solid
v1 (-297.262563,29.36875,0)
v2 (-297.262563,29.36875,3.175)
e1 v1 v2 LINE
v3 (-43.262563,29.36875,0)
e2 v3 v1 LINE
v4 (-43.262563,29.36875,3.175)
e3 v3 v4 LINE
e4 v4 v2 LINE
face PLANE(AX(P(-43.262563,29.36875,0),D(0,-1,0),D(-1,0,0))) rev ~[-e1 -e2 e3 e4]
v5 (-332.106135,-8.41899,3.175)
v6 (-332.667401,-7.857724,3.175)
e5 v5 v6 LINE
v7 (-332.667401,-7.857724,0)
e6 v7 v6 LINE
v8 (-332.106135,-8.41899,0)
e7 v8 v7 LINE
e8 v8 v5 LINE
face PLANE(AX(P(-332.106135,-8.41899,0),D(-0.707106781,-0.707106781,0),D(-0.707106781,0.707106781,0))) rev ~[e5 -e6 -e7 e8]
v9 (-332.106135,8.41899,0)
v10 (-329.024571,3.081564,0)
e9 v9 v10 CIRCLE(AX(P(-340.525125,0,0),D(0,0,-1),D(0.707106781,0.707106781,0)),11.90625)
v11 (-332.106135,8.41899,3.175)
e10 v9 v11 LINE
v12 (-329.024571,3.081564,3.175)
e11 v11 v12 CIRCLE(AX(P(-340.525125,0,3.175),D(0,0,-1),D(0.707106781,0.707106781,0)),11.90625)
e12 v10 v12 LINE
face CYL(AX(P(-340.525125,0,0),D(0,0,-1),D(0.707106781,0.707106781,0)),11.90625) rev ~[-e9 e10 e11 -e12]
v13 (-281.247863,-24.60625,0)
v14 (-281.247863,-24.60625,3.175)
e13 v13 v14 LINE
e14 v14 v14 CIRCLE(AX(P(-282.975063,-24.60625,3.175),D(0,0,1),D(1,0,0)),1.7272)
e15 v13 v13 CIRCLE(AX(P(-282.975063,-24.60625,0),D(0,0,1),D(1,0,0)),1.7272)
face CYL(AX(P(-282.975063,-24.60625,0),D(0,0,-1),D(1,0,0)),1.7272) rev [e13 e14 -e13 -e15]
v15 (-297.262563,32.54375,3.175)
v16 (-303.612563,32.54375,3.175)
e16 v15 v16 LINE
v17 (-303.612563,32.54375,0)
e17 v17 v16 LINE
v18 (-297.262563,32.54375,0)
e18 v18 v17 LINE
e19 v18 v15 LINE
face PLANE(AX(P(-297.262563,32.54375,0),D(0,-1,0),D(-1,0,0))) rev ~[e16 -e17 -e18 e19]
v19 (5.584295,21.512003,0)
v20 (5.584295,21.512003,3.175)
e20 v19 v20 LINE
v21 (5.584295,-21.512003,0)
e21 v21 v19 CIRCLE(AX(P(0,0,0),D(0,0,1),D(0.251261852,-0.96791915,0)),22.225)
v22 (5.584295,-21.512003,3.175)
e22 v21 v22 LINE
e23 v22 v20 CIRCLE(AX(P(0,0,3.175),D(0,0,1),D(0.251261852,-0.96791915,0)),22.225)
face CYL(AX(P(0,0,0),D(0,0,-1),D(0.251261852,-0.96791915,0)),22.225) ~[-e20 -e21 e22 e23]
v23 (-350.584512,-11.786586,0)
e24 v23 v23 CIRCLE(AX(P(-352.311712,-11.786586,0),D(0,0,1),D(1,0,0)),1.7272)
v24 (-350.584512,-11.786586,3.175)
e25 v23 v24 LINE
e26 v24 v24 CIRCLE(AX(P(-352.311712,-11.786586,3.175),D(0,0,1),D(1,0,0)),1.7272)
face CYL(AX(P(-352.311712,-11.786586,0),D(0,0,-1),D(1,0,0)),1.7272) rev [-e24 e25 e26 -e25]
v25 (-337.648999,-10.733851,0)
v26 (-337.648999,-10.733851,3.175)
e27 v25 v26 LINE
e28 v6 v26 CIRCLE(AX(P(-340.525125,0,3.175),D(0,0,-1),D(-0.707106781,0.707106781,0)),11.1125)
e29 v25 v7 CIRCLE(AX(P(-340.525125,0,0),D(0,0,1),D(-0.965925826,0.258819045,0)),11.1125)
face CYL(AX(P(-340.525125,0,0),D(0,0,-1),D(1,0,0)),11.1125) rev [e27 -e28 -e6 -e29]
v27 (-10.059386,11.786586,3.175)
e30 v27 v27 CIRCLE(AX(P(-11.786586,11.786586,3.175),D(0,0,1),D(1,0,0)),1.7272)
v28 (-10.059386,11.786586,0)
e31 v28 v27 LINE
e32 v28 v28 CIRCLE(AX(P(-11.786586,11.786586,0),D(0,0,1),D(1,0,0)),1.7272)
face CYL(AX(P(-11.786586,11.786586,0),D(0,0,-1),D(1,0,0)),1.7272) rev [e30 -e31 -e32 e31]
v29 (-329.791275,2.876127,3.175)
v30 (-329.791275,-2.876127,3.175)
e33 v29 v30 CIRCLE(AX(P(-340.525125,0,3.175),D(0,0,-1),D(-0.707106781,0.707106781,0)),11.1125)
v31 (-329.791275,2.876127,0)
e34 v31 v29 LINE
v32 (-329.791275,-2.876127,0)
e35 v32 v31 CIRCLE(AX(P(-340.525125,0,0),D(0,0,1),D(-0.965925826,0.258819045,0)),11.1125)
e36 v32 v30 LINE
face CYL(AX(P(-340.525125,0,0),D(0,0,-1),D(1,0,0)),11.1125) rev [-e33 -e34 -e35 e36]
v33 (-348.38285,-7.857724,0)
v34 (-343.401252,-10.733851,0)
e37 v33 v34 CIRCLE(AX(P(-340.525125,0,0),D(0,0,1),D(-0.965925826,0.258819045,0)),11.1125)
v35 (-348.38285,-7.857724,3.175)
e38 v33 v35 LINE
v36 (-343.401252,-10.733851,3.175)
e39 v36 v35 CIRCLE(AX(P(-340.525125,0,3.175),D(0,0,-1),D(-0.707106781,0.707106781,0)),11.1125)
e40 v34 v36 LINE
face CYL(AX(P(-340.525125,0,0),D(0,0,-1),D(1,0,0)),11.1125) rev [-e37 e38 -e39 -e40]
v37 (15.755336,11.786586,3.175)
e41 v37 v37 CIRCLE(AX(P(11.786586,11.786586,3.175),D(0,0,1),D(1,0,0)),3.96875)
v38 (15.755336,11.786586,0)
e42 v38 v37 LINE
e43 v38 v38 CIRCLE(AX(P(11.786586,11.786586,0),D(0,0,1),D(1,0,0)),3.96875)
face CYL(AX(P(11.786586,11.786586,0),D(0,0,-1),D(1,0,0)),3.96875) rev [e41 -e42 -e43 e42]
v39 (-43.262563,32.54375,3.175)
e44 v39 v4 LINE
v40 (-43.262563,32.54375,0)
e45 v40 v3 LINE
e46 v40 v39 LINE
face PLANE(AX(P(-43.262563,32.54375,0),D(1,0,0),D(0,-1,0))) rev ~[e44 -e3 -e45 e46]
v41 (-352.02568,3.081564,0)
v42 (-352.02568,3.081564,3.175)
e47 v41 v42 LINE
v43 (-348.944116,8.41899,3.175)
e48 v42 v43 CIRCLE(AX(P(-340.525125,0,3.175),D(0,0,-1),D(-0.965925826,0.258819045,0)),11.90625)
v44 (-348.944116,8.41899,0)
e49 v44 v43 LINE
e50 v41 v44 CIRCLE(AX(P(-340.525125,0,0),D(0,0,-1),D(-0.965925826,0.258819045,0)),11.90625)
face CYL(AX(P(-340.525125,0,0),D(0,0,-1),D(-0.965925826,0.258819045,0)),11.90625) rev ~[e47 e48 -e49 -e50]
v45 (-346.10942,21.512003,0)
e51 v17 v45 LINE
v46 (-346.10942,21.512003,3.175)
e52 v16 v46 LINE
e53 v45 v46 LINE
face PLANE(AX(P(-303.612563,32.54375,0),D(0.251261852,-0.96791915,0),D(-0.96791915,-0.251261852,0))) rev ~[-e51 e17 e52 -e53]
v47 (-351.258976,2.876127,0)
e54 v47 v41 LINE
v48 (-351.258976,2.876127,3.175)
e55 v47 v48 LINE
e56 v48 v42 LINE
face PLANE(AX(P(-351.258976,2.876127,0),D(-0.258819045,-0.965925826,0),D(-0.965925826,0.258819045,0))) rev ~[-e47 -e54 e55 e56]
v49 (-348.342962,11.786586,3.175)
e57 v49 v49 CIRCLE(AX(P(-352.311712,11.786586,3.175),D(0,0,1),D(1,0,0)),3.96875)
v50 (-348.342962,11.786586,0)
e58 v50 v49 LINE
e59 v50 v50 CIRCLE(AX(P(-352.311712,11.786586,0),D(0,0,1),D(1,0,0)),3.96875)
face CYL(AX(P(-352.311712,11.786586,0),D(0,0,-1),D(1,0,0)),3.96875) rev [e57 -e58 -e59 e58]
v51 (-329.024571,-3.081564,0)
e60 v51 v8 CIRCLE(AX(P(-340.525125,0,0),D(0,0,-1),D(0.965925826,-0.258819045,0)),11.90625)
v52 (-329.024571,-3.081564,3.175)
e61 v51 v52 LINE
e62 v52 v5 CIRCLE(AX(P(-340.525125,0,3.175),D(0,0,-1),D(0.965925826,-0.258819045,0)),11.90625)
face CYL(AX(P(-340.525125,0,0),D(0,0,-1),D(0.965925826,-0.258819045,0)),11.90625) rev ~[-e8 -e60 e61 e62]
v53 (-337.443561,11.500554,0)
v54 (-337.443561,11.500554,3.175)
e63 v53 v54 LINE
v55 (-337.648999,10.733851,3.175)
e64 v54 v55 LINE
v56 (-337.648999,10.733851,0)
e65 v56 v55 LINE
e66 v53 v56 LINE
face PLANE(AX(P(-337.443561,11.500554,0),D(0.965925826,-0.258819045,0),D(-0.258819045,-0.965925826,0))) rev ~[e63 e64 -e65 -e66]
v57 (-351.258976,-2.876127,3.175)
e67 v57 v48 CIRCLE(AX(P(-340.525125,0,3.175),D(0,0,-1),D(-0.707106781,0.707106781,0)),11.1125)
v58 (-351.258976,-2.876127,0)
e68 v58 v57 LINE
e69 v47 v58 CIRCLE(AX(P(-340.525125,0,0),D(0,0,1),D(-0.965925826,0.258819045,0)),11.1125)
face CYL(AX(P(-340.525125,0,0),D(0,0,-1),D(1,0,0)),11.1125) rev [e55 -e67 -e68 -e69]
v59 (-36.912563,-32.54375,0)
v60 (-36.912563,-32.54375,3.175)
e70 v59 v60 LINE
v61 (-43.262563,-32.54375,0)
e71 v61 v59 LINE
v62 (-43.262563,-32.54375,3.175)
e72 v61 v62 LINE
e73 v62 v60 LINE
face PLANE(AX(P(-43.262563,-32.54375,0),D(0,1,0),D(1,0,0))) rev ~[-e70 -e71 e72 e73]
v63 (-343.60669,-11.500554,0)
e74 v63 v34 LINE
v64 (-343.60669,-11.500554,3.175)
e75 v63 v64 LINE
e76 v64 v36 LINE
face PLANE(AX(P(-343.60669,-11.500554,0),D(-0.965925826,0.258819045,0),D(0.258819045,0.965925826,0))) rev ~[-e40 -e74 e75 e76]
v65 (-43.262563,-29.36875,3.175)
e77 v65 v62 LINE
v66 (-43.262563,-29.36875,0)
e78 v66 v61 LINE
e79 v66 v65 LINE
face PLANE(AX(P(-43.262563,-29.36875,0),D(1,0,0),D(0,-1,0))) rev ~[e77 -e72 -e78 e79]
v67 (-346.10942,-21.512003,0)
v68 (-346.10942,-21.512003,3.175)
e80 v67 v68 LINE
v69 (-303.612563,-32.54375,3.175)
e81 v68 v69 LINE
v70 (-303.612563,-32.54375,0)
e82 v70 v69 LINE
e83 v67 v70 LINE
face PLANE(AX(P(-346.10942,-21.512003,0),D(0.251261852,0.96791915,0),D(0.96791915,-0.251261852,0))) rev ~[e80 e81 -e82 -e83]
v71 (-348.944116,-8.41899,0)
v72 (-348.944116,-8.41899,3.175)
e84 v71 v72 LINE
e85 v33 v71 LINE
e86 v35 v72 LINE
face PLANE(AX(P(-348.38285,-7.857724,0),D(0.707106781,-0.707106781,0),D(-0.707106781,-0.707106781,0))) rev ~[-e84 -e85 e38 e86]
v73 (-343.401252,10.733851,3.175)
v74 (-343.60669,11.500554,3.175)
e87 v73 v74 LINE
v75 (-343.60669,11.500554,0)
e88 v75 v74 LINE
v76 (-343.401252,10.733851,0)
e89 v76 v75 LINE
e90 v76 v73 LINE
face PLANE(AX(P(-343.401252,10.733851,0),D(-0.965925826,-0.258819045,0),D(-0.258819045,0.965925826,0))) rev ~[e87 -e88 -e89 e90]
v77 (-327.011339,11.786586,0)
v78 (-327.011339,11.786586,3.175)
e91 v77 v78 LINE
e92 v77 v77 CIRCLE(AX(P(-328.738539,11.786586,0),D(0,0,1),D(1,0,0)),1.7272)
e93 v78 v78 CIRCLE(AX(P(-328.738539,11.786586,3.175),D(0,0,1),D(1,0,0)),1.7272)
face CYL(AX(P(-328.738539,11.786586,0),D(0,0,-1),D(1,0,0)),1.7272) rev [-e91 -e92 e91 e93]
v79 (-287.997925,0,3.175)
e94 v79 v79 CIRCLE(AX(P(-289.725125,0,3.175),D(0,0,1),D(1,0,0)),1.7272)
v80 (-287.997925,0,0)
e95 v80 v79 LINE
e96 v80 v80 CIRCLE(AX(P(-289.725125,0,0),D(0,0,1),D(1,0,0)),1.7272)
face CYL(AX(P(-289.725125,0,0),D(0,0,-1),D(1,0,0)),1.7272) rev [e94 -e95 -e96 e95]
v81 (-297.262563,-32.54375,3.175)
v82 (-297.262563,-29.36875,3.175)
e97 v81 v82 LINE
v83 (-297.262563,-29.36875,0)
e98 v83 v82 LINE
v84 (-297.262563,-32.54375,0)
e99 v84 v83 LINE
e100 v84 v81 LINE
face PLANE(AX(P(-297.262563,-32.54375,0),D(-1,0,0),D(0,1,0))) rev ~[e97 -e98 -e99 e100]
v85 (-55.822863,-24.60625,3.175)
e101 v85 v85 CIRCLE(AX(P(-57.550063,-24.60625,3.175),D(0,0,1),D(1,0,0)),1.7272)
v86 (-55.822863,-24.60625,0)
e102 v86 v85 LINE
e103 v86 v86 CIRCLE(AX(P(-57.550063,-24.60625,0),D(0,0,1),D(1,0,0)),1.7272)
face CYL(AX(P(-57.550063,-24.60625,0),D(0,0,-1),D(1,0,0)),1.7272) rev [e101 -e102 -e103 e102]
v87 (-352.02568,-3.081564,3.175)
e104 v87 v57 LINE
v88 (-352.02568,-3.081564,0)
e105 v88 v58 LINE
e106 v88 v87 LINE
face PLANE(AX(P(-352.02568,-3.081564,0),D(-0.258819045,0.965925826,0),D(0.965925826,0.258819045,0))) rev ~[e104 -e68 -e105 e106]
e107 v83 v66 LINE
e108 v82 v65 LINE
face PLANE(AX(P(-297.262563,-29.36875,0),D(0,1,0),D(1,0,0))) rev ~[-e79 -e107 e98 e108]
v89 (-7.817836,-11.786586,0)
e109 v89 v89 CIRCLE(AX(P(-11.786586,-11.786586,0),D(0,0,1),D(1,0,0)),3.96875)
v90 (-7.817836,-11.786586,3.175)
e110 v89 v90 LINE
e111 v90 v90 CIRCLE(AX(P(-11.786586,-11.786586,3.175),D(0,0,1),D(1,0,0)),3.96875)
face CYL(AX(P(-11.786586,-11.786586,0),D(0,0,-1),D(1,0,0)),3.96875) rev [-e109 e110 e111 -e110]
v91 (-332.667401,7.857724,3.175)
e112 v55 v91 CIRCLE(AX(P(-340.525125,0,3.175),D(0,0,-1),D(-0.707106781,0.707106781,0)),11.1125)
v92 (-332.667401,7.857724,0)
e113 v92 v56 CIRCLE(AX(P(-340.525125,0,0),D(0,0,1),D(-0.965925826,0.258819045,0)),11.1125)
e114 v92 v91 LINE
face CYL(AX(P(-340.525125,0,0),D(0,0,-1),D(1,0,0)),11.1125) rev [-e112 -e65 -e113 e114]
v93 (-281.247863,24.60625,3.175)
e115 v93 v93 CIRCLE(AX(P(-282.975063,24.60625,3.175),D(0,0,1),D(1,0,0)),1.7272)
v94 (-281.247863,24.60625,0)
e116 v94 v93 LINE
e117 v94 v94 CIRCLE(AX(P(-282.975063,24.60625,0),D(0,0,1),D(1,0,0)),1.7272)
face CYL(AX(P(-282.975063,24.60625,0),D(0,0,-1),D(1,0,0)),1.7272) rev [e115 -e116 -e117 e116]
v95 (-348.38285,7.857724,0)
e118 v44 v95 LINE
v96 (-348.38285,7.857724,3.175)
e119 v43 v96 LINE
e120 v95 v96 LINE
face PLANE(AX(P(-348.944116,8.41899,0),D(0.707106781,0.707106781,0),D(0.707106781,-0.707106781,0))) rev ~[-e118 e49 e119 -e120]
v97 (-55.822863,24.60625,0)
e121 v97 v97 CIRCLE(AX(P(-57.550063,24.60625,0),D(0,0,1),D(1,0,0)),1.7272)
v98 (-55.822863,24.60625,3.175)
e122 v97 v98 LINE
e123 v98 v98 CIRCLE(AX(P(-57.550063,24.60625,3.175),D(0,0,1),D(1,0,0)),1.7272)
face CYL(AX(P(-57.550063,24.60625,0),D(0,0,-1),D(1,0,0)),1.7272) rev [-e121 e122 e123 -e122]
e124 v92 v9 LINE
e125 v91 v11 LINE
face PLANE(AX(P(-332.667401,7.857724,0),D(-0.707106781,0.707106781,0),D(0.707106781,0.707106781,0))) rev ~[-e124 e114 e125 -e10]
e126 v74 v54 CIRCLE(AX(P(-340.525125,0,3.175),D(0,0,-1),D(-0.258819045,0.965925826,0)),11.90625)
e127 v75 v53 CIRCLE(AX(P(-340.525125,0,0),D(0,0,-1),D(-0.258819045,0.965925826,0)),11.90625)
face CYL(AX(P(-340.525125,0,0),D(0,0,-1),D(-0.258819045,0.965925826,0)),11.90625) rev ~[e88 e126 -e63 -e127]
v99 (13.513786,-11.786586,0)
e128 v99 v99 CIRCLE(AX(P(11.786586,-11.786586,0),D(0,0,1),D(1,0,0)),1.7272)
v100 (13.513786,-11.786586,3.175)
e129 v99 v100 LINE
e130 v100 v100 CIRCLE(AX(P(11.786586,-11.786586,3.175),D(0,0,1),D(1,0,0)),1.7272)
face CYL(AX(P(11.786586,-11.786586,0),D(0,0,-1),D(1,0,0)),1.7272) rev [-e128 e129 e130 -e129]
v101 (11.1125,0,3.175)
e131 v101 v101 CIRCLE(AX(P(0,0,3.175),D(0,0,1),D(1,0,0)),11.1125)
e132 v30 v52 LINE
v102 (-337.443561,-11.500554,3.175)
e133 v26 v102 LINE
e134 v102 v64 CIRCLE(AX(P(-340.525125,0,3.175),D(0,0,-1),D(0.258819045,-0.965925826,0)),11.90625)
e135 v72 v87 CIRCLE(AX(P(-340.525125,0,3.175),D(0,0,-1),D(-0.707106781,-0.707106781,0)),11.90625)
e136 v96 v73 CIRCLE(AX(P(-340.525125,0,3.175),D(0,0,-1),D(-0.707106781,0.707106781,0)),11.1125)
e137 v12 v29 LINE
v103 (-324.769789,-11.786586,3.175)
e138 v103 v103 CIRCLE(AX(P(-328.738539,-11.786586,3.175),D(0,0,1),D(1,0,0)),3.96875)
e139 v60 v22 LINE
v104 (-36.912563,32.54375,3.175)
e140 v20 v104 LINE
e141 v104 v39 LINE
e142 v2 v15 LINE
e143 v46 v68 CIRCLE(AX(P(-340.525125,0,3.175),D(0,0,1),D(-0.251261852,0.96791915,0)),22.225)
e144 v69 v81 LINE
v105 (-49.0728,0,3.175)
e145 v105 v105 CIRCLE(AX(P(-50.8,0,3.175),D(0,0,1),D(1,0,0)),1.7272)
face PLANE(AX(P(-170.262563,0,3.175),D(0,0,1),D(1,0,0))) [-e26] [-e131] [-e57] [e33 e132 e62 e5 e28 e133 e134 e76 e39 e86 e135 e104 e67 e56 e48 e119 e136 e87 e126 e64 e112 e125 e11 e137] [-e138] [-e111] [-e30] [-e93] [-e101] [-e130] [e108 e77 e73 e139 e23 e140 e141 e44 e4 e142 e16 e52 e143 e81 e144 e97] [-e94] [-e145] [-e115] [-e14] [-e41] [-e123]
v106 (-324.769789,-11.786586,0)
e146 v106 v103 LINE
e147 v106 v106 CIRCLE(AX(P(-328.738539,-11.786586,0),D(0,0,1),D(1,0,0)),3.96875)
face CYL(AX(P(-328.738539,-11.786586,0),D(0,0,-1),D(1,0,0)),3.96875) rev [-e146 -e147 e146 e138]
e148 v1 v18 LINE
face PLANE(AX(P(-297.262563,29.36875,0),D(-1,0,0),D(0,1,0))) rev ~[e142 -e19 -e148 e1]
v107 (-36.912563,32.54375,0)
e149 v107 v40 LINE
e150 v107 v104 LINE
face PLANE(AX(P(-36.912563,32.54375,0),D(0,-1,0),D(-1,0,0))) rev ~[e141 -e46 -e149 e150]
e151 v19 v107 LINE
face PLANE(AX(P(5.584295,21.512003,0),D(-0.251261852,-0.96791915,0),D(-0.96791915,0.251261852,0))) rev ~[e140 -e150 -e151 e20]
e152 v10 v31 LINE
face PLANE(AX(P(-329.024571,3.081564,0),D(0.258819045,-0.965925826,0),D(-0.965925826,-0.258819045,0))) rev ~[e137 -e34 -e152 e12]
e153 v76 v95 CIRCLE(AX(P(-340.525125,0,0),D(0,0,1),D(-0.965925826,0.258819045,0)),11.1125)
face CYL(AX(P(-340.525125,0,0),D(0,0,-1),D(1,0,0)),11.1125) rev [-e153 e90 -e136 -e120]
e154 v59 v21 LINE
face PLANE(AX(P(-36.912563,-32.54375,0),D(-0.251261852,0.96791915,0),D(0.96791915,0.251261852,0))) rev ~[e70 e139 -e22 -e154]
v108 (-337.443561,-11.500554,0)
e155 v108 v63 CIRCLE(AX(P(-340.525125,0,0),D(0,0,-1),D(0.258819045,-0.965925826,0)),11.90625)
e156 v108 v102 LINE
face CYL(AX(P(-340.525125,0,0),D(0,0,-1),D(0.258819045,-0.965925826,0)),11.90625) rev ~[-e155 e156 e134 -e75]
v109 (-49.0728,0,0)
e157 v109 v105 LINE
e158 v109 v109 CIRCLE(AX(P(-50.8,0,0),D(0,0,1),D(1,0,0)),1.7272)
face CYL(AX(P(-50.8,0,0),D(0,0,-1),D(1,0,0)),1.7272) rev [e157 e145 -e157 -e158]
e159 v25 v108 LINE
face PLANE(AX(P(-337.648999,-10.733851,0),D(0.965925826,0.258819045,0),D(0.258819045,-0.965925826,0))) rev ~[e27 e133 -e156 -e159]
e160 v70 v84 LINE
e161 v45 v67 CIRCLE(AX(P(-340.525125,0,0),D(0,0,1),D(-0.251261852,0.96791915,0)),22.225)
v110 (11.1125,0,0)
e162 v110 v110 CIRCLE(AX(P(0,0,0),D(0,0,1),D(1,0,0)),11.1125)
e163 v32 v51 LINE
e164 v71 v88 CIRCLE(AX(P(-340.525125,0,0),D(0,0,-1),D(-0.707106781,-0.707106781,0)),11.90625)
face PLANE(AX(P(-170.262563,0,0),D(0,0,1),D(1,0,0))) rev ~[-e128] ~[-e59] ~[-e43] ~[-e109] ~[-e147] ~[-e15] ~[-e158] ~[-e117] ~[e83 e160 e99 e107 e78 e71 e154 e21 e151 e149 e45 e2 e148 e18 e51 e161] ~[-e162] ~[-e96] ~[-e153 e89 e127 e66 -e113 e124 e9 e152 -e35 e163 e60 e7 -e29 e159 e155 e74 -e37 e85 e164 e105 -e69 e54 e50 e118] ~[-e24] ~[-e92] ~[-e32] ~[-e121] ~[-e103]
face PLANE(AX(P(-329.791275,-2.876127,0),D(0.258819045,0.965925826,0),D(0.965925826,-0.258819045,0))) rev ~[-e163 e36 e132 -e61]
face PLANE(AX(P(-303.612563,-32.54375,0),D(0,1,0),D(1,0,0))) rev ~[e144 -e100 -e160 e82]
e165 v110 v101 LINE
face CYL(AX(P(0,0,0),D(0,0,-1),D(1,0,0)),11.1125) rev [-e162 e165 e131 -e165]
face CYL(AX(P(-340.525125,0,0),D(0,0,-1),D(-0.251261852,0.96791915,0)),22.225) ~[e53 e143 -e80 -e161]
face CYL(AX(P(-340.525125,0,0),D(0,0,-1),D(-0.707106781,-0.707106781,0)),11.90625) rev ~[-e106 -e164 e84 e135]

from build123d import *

# Parameters (mm, degrees)
F0_R     = 1.7272
F0_R_2   = 3.96875
F0_R_3   = 11.1125
F1_DEPTH = 3.175
F3_DEPTH = 3.175
F4_COUNT = 6
F4_ANGLE = 300


with BuildPart() as f1:
    # F0 (on Top) → F1 (new body)
    with BuildSketch(Plane.XY):
        with BuildLine():
            Line((-303.6125627, 32.54375), (-346.1094200534, 21.5120031198))
            ThreePointArc((-346.1094200534, 21.5120031198), (-362.7501254, 0), (-346.1094200534, -21.5120031198))
            Line((-346.1094200534, -21.5120031198), (-303.6125627, -32.54375))
            Line((-303.6125627, -32.54375), (-297.2625627, -32.54375))
            Line((-297.2625627, -32.54375), (-297.2625627, -29.36875))
            Line((-297.2625627, -29.36875), (-43.2625627, -29.36875))
            Line((-43.2625627, -29.36875), (-43.2625627, -32.54375))
            Line((-43.2625627, -32.54375), (-36.9125627, -32.54375))
            Line((-36.9125627, -32.54375), (5.5842946534, -21.5120031198))
            ThreePointArc((5.5842946534, -21.5120031198), (22.225, 0), (5.5842946534, 21.5120031198))
            Line((5.5842946534, 21.5120031198), (-36.9125627, 32.54375))
            Line((-36.9125627, 32.54375), (-43.2625627, 32.54375))
            Line((-43.2625627, 32.54375), (-43.2625627, 29.36875))
            Line((-43.2625627, 29.36875), (-297.2625627, 29.36875))
            Line((-297.2625627, 29.36875), (-297.2625627, 32.54375))
            Line((-297.2625627, 32.54375), (-303.6125627, 32.54375))
        make_face()
        with Locations((-282.9750627, -24.60625)):
            Circle(F0_R, mode=Mode.SUBTRACT)
        with Locations((-352.3117115589, -11.7865861589)):
            Circle(F0_R, mode=Mode.SUBTRACT)
        with Locations((-328.7385392411, -11.7865861589)):
            Circle(F0_R_2, mode=Mode.SUBTRACT)
        with Locations((-57.5500627, -24.60625)):
            Circle(F0_R, mode=Mode.SUBTRACT)
        with Locations((-11.7865861589, -11.7865861589)):
            Circle(F0_R_2, mode=Mode.SUBTRACT)
        with Locations((11.7865861589, -11.7865861589)):
            Circle(F0_R, mode=Mode.SUBTRACT)
        with Locations((-340.5251254, 0)):
            Circle(F0_R_3, mode=Mode.SUBTRACT)
        with Locations((-289.7251254, 0)):
            Circle(F0_R, mode=Mode.SUBTRACT)
        with Locations((-352.3117115589, 11.7865861589)):
            Circle(F0_R_2, mode=Mode.SUBTRACT)
        with Locations((-328.7385392411, 11.7865861589)):
            Circle(F0_R, mode=Mode.SUBTRACT)
        with Locations((-282.9750627, 24.60625)):
            Circle(F0_R, mode=Mode.SUBTRACT)
        with Locations((-50.8, 0)):
            Circle(F0_R, mode=Mode.SUBTRACT)
        Circle(F0_R_3, mode=Mode.SUBTRACT)
        with Locations((-11.7865861589, 11.7865861589)):
            Circle(F0_R, mode=Mode.SUBTRACT)
        with Locations((11.7865861589, 11.7865861589)):
            Circle(F0_R_2, mode=Mode.SUBTRACT)
        with Locations((-57.5500627, 24.60625)):
            Circle(F0_R, mode=Mode.SUBTRACT)
    extrude(amount=F1_DEPTH)

    # F2 (on face) → F3 (cut, through all)
    with BuildSketch(Plane(origin=(0, 0, 0), x_dir=(1, 0, 0), z_dir=(0, 0, -1))):
        with BuildLine():
            ThreePointArc((-348.3828495059, -7.8577241059), (-350.1488326996, -5.55625), (-351.2589761446, -2.8761266387))
            Line((-351.2589761446, -2.8761266387), (-352.0256797693, -3.0815642558))
            ThreePointArc((-352.0256797693, -3.0815642558), (-350.8362403638, -5.953125), (-348.9441155135, -8.4189901135))
            Line((-348.9441155135, -8.4189901135), (-348.3828495059, -7.8577241059))
        make_face()
    f3 = extrude(amount=-F3_DEPTH, mode=Mode.SUBTRACT)

    # F4: F3 ×6 about axis
    f4_axis = Axis((-340.5251254, 0, 0), (0, 0, -1))
    for i in range(1, F4_COUNT):
        add(f3.rotate(f4_axis, i * F4_ANGLE / (F4_COUNT - 1)), mode=Mode.SUBTRACT)


solid = f1.part
